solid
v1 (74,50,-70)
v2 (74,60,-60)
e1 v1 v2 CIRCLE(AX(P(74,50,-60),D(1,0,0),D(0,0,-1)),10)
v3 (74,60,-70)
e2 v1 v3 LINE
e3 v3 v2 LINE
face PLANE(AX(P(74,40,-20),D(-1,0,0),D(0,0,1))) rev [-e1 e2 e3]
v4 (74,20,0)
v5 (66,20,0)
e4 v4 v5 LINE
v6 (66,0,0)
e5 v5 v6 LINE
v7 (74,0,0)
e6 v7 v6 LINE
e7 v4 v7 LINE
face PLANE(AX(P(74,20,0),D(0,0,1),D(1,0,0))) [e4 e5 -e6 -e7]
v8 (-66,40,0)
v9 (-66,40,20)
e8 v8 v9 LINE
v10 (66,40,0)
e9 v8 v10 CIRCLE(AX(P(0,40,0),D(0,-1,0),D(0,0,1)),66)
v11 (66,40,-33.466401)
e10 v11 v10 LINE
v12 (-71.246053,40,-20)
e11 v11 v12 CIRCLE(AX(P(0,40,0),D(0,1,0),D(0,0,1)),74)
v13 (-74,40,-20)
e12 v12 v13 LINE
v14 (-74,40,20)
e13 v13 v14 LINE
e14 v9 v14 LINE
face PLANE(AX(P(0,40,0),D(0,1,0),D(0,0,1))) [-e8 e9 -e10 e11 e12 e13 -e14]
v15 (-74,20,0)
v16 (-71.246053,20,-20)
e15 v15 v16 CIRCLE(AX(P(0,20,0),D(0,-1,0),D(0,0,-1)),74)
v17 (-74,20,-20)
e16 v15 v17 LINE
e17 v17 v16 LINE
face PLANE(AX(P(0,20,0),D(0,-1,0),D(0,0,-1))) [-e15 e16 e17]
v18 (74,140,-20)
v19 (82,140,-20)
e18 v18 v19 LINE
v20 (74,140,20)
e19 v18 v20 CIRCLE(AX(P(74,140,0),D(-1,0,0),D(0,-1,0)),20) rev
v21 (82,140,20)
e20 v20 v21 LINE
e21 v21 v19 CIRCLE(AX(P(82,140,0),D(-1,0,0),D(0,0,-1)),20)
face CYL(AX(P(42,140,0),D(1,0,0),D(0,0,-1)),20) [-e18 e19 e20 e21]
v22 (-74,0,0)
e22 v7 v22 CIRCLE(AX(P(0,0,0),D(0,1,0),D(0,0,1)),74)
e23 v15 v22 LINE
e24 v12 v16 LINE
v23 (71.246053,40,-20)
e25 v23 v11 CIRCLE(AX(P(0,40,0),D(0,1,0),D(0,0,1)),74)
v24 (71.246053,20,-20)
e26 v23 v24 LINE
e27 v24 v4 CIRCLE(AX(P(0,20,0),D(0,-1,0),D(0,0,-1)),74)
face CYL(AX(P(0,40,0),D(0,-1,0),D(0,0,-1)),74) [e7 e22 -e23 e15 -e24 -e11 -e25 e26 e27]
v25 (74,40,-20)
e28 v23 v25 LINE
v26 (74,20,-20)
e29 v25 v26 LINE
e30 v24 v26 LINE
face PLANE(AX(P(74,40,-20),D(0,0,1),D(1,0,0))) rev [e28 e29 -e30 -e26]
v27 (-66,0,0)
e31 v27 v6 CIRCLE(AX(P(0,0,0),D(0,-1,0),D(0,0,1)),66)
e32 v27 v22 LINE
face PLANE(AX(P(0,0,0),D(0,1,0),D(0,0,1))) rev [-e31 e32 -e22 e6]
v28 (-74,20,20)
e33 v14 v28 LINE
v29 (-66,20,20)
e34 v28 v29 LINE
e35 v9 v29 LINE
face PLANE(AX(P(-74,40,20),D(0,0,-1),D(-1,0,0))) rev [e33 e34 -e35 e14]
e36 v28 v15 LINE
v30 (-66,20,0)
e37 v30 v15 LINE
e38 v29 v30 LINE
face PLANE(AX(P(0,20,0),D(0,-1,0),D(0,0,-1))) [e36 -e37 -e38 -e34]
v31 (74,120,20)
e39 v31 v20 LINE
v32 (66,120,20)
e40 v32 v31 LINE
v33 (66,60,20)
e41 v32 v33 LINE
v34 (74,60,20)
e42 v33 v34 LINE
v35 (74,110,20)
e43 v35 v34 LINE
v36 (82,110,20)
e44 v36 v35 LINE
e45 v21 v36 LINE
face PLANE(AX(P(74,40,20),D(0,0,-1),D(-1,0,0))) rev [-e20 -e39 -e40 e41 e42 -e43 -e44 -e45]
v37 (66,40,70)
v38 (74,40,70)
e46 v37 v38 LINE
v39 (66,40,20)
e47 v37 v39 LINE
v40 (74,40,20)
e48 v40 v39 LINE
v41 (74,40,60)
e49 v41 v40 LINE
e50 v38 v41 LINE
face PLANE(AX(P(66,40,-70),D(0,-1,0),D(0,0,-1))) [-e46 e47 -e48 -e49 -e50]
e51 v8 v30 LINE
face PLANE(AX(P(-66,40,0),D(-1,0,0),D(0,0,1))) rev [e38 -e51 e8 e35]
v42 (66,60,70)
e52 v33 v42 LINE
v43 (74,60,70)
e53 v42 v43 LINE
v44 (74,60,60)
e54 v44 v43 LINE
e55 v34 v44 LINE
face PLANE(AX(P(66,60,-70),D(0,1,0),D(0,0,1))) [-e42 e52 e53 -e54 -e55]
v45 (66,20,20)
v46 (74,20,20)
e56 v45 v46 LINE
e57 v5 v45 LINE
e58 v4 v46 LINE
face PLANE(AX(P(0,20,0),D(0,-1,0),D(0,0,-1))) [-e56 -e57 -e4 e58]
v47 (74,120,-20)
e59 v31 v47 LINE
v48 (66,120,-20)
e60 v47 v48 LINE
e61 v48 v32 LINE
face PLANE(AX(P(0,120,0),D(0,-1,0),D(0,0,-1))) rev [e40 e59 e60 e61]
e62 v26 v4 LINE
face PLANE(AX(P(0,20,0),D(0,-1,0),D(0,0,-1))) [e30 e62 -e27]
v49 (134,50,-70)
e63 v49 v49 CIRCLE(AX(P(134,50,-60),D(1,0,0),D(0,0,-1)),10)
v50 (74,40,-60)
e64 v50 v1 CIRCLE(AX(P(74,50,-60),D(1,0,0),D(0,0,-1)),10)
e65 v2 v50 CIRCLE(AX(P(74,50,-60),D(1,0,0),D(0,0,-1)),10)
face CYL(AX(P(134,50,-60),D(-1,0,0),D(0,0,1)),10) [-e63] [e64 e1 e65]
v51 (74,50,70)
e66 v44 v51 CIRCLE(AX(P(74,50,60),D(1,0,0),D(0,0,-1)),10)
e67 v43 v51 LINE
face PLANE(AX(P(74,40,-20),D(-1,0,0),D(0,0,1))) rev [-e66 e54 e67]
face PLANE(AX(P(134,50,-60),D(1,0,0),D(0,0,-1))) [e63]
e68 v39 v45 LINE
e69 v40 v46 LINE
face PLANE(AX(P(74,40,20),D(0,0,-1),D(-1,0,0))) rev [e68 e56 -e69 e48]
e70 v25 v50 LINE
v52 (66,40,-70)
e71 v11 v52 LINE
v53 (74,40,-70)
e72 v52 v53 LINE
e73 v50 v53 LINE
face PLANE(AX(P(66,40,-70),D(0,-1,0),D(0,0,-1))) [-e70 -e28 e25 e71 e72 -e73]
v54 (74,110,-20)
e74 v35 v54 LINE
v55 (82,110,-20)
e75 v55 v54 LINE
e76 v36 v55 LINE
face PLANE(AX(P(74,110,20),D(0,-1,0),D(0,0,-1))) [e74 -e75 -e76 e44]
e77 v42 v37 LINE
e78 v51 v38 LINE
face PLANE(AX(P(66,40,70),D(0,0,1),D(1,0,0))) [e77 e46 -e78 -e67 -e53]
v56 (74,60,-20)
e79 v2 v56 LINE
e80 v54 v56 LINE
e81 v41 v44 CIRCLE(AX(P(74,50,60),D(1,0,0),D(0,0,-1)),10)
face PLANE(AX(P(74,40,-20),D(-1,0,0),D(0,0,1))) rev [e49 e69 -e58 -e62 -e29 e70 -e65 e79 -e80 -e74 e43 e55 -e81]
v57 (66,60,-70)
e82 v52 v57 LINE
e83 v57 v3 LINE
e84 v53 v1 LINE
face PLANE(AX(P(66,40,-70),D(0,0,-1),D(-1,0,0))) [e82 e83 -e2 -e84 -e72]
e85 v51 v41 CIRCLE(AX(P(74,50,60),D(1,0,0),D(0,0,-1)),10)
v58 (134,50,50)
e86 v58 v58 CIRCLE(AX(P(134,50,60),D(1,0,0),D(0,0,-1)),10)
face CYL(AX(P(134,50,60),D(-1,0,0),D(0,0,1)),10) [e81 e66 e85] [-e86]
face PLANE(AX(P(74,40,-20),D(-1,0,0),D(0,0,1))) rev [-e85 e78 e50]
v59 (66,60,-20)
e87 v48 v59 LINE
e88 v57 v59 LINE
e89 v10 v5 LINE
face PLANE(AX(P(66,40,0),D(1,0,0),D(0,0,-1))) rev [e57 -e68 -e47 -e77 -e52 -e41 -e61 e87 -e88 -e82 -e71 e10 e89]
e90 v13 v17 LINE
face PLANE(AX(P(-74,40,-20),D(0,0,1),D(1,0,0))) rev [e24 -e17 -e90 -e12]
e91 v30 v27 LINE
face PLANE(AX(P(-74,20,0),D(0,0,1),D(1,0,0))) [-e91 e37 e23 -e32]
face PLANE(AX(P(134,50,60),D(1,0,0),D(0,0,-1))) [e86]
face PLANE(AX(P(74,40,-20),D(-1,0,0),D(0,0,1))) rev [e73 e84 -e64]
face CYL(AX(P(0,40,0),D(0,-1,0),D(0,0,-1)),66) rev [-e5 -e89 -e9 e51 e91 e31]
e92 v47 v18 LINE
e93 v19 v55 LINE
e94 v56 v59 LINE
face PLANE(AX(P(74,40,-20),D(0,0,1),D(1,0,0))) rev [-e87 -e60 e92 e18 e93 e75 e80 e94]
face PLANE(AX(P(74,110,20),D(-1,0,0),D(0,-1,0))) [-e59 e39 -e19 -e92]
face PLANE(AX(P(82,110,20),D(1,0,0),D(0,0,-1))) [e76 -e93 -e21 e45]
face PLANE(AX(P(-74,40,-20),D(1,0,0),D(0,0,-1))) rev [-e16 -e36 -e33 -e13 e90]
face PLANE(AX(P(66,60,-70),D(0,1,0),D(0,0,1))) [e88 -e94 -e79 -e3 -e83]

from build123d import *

# Parameters (mm, degrees)
EXTRUDE_1_DEPTH     = 40
SKETCH_2_W          = 8
SKETCH_2_H          = 40
EXTRUDE_2_DEPTH     = 80
SKETCH_4_W          = 49.783903804
SKETCH_4_H          = 113.982309312
CUT_EXTRUDE_3_DEPTH = 10
SKETCH_5_R          = 84.762192866
CUT_EXTRUDE_4_DEPTH = 20
SKETCH_6_W          = 140
SKETCH_6_H          = 20
EXTRUDE_3_DEPTH     = 8
SKETCH_7_R          = 10
EXTRUDE_4_DEPTH     = 60
SKETCH_9_W          = 8
SKETCH_9_H          = 50
EXTRUDE_5_DEPTH     = 40
CUT_EXTRUDE_5_DEPTH = 40


with BuildPart() as part:
    # 草图1 → 凸台-拉伸1 (new body)
    with BuildSketch(Plane(origin=(0, 0, 0), x_dir=(1, 0, 0), z_dir=(0, 1, 0))):
        with BuildLine():
            Line((-74, 20), (-71.246052522, 20))
            ThreePointArc((-71.246052522, 20), (0, 74), (71.246052522, 20))
            Line((71.246052522, 20), (74, 20))
            Line((74, 20), (74, -20))
            Line((74, -20), (66, -20))
            Line((66, -20), (66, 0))
            ThreePointArc((66, 0), (0, 66), (-66, 0))
            Line((-66, 0), (-66, -20))
            Line((-66, -20), (-74, -20))
            Line((-74, -20), (-74, 20))
        make_face()
    extrude(amount=EXTRUDE_1_DEPTH)

    # 草图2 → 凸台-拉伸2 (add)
    with BuildSketch(Plane(origin=(0, 40, 0), x_dir=(1, 0, 0), z_dir=(0, 1, 0))):
        with Locations((-70, 0)):
            Rectangle(SKETCH_2_W, SKETCH_2_H)
        with Locations((70, 0)):
            Rectangle(SKETCH_2_W, SKETCH_2_H)
    extrude(amount=EXTRUDE_2_DEPTH)

    # 草图4 → 切除-拉伸3 (cut)
    with BuildSketch(Plane.ZY.offset(74)):
        with Locations((4.891951902, 96.991154656)):
            Rectangle(SKETCH_4_W, SKETCH_4_H)
    extrude(amount=-CUT_EXTRUDE_3_DEPTH, mode=Mode.SUBTRACT)

    # 草图5 → 切除-拉伸4 (cut)
    with BuildSketch(Plane.XZ):
        Circle(SKETCH_5_R)
        with BuildLine():
            Line((-71.246052522, 20), (-66, 20))
            Line((-66, 20), (-66, 0))
            Line((-66, 0), (-74, 0))
            ThreePointArc((-74, 0), (0, -74), (74, 0))
            Line((74, 0), (66, 0))
            Line((66, 0), (66, 20))
            Line((66, 20), (71.246052522, 20))
            ThreePointArc((71.246052522, 20), (0, 74), (-71.246052522, 20))
        make_face(mode=Mode.SUBTRACT)
    extrude(amount=-CUT_EXTRUDE_4_DEPTH, mode=Mode.SUBTRACT)

    # 草图6 → 凸台-拉伸3 (add)
    with BuildSketch(Plane(origin=(74, 0, 0), x_dir=(0, 0, -1), z_dir=(1, 0, 0))):
        with Locations((0, 50)):
            Rectangle(SKETCH_6_W, SKETCH_6_H)
    extrude(amount=-EXTRUDE_3_DEPTH)

    # 草图7 → 凸台-拉伸4 (add)
    with BuildSketch(Plane(origin=(74, 0, 0), x_dir=(0, 0, -1), z_dir=(1, 0, 0))):
        with Locations((-60, 50)):
            Circle(SKETCH_7_R)
        with Locations((60, 50)):
            Circle(SKETCH_7_R)
    extrude(amount=EXTRUDE_4_DEPTH)

    # 草图9 → 凸台-拉伸5 (add)
    with BuildSketch(Plane(origin=(0, 0, -20), x_dir=(-1, 0, 0), z_dir=(0, 0, -1))):
        with Locations((-78, 135)):
            Rectangle(SKETCH_9_W, SKETCH_9_H)
    extrude(amount=-EXTRUDE_5_DEPTH)

    # 草图10 → 切除-拉伸5 (cut)
    with BuildSketch(Plane(origin=(82, 0, 0), x_dir=(0, 0, -1), z_dir=(1, 0, 0))):
        with BuildLine():
            Line((-20, 140), (-20, 173.0765562))
            Line((-20, 173.0765562), (20, 173.0765562))
            Line((20, 173.0765562), (20, 140))
            ThreePointArc((20, 140), (0, 160), (-20, 140))
        make_face()
    extrude(amount=-CUT_EXTRUDE_5_DEPTH, mode=Mode.SUBTRACT)


solid = part.part
